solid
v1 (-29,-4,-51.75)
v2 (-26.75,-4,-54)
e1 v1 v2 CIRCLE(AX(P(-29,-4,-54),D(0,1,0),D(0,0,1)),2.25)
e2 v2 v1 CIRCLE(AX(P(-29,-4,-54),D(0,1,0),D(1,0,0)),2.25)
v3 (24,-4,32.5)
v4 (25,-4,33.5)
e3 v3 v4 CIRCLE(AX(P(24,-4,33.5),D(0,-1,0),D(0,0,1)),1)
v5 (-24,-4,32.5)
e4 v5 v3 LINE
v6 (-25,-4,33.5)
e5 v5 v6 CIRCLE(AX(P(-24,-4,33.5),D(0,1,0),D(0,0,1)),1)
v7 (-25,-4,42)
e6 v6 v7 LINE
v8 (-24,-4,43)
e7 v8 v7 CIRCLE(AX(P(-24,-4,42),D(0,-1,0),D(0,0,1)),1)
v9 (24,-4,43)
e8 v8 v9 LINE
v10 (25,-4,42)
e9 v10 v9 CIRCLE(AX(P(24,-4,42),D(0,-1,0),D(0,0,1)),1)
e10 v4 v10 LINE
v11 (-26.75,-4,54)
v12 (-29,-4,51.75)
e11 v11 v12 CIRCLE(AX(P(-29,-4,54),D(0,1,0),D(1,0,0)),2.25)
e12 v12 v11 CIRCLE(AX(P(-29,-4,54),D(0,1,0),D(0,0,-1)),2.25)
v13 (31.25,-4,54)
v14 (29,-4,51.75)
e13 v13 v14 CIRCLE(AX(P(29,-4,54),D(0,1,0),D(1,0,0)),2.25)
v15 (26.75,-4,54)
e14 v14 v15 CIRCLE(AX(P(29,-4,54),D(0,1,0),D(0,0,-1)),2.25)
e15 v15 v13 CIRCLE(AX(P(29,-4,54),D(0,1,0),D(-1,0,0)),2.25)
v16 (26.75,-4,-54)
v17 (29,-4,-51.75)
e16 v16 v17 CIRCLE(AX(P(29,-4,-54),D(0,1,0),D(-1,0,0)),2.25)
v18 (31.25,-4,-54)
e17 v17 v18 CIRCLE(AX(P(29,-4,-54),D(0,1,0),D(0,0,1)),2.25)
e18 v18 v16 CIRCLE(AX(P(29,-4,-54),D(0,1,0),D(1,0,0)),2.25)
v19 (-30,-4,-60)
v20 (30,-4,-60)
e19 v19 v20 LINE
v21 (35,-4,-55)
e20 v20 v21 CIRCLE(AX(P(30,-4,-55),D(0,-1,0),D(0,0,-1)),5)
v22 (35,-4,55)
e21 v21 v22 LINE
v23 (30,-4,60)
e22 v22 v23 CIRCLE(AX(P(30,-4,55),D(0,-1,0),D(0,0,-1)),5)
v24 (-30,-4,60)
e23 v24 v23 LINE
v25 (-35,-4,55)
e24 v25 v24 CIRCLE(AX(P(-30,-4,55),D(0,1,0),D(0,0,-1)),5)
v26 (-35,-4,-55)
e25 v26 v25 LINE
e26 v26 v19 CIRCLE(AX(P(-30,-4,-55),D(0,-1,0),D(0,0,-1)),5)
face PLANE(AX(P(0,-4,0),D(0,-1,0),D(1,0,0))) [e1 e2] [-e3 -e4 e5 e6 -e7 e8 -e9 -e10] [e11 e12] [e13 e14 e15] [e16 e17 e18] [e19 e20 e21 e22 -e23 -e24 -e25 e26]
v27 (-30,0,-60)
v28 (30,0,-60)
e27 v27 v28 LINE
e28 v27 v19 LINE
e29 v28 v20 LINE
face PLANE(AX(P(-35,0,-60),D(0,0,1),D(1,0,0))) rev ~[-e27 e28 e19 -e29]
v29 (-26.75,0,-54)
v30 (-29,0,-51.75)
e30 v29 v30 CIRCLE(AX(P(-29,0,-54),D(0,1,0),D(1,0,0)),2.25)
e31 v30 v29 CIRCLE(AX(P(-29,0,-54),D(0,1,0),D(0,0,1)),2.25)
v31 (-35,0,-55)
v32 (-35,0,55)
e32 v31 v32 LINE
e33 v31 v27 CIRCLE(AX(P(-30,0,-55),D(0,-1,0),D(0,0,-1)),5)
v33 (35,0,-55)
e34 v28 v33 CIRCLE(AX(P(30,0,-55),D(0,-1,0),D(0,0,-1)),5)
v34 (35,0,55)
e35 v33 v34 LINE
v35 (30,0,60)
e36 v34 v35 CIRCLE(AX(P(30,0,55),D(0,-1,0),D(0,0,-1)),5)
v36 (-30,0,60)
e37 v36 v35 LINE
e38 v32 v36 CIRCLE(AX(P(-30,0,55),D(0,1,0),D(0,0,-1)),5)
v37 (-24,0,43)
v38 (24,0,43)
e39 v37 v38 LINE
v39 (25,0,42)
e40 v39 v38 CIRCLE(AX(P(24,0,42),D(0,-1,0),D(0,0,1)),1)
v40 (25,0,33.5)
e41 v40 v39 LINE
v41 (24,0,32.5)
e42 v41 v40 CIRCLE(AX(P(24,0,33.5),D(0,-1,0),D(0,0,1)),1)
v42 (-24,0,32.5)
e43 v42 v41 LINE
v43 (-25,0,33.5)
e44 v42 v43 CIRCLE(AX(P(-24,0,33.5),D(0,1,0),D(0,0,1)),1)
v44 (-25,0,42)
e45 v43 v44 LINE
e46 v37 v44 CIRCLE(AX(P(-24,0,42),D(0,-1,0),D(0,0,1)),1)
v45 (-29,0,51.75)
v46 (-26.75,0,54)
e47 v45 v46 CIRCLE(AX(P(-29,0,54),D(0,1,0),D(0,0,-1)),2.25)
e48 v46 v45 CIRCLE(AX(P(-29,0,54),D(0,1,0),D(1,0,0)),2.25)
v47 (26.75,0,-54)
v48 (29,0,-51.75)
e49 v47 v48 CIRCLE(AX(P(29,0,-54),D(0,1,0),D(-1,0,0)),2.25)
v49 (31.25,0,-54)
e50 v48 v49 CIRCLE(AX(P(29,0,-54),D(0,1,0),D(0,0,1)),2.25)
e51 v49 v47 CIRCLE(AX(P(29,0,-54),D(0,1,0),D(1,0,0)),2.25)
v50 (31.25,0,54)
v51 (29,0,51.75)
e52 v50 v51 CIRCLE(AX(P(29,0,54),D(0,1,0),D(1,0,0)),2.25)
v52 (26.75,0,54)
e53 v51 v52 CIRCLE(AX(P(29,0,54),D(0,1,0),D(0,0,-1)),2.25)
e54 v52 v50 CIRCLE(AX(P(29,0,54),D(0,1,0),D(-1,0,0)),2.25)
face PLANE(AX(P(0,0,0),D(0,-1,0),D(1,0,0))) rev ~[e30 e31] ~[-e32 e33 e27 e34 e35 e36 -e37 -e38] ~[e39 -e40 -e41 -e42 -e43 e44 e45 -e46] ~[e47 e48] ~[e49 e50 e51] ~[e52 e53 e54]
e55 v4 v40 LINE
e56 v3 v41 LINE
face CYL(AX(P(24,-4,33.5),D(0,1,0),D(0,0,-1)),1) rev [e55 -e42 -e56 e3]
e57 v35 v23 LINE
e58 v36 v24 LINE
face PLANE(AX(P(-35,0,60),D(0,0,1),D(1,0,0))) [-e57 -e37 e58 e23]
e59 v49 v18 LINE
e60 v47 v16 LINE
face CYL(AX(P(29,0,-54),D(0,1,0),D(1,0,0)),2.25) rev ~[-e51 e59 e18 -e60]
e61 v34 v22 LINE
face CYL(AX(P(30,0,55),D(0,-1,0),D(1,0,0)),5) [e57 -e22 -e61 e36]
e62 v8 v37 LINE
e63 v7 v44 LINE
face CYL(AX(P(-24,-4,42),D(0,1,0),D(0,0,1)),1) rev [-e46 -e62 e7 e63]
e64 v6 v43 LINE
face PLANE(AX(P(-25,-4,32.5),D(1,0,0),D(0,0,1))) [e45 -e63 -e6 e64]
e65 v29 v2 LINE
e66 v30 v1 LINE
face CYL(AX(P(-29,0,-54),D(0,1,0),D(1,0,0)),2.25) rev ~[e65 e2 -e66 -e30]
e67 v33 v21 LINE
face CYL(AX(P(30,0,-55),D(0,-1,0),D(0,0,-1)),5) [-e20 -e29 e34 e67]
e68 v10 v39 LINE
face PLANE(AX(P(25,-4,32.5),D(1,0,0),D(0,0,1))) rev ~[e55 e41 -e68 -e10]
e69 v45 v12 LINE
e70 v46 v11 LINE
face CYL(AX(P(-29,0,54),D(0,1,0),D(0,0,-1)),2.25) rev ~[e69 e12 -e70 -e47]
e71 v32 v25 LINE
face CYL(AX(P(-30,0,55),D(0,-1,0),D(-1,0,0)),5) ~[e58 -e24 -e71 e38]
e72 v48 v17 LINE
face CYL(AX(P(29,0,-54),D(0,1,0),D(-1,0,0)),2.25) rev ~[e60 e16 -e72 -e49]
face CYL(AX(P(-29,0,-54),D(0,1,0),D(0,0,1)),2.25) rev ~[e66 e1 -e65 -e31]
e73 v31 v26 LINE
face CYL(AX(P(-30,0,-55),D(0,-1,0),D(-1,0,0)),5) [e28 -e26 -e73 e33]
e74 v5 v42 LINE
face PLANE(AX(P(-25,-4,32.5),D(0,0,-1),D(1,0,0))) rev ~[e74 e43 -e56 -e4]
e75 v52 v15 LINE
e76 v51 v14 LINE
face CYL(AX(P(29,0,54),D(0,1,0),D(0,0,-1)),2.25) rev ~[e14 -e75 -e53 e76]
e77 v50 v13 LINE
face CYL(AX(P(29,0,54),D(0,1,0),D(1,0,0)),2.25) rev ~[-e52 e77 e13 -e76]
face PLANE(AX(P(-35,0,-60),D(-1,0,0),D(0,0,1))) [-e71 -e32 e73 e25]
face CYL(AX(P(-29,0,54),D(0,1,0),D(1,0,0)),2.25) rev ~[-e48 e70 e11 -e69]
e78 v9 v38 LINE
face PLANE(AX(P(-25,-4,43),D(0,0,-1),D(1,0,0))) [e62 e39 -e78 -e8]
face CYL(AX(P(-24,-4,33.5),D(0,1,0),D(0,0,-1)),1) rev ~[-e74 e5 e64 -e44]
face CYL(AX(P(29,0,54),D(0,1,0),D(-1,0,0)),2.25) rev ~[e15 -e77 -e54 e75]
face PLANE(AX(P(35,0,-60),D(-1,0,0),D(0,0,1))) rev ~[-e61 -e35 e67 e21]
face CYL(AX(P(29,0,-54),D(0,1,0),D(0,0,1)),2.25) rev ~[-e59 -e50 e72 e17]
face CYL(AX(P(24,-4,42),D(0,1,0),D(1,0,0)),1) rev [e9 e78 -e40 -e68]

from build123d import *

# Parameters (mm, degrees)
F0_W     = 70
F0_H     = 120
F1_DEPTH = 4
F2_R     = 5
F3_W     = 50
F3_H     = 10.5
F4_DEPTH = 25
F5_R     = 1


with BuildPart() as f1:
    # F0 (on Front) → F1 (new body)
    with BuildSketch(Plane.XZ):
        Rectangle(F0_W, F0_H)
        with BuildLine():
            ThreePointArc((-29, 51.75), (-30.5909902577, 55.5909902577), (-26.75, 54))
            Line((-26.75, 54), (26.75, 54))
            ThreePointArc((26.75, 54), (29, 56.25), (31.25, 54))
            ThreePointArc((31.25, 54), (30.5909902577, 52.4090097423), (29, 51.75))
            Line((29, 51.75), (29, -51.75))
            ThreePointArc((29, -51.75), (30.5909902577, -52.4090097423), (31.25, -54))
            ThreePointArc((31.25, -54), (29, -56.25), (26.75, -54))
            Line((26.75, -54), (-26.75, -54))
            ThreePointArc((-26.75, -54), (-30.5909902577, -55.5909902577), (-29, -51.75))
            Line((-29, -51.75), (-29, 51.75))
        make_face(mode=Mode.SUBTRACT)
        with BuildLine():
            Line((26.75, 54), (-26.75, 54))
            ThreePointArc((-26.75, 54), (-27.4090097423, 52.4090097423), (-29, 51.75))
            Line((-29, 51.75), (-29, -51.75))
            ThreePointArc((-29, -51.75), (-27.4090097423, -52.4090097423), (-26.75, -54))
            Line((-26.75, -54), (26.75, -54))
            ThreePointArc((26.75, -54), (27.4090097423, -52.4090097423), (29, -51.75))
            Line((29, -51.75), (29, 51.75))
            ThreePointArc((29, 51.75), (27.4090097423, 52.4090097423), (26.75, 54))
        make_face()
    extrude(amount=F1_DEPTH)

    # F2
    f2_edges = [f1.edges().sort_by_distance(p)[0] for p in [
        (-35, -2, 60),
        (35, -2, 60),
        (-35, -2, -60),
        (35, -2, -60),
    ]]
    fillet(f2_edges, radius=F2_R)

    # F3 (on face) → F4 (cut)
    with BuildSketch(Plane.XZ.offset(4)):
        with Locations((0, 37.75)):
            Rectangle(F3_W, F3_H)
    extrude(amount=-F4_DEPTH, mode=Mode.SUBTRACT)

    # F5
    f5_edges = [f1.edges().sort_by_distance(p)[0] for p in [
        (-25, -2, 32.5),
        (-25, -2, 43),
        (25, -2, 43),
        (25, -2, 32.5),
    ]]
    fillet(f5_edges, radius=F5_R)


solid = f1.part
